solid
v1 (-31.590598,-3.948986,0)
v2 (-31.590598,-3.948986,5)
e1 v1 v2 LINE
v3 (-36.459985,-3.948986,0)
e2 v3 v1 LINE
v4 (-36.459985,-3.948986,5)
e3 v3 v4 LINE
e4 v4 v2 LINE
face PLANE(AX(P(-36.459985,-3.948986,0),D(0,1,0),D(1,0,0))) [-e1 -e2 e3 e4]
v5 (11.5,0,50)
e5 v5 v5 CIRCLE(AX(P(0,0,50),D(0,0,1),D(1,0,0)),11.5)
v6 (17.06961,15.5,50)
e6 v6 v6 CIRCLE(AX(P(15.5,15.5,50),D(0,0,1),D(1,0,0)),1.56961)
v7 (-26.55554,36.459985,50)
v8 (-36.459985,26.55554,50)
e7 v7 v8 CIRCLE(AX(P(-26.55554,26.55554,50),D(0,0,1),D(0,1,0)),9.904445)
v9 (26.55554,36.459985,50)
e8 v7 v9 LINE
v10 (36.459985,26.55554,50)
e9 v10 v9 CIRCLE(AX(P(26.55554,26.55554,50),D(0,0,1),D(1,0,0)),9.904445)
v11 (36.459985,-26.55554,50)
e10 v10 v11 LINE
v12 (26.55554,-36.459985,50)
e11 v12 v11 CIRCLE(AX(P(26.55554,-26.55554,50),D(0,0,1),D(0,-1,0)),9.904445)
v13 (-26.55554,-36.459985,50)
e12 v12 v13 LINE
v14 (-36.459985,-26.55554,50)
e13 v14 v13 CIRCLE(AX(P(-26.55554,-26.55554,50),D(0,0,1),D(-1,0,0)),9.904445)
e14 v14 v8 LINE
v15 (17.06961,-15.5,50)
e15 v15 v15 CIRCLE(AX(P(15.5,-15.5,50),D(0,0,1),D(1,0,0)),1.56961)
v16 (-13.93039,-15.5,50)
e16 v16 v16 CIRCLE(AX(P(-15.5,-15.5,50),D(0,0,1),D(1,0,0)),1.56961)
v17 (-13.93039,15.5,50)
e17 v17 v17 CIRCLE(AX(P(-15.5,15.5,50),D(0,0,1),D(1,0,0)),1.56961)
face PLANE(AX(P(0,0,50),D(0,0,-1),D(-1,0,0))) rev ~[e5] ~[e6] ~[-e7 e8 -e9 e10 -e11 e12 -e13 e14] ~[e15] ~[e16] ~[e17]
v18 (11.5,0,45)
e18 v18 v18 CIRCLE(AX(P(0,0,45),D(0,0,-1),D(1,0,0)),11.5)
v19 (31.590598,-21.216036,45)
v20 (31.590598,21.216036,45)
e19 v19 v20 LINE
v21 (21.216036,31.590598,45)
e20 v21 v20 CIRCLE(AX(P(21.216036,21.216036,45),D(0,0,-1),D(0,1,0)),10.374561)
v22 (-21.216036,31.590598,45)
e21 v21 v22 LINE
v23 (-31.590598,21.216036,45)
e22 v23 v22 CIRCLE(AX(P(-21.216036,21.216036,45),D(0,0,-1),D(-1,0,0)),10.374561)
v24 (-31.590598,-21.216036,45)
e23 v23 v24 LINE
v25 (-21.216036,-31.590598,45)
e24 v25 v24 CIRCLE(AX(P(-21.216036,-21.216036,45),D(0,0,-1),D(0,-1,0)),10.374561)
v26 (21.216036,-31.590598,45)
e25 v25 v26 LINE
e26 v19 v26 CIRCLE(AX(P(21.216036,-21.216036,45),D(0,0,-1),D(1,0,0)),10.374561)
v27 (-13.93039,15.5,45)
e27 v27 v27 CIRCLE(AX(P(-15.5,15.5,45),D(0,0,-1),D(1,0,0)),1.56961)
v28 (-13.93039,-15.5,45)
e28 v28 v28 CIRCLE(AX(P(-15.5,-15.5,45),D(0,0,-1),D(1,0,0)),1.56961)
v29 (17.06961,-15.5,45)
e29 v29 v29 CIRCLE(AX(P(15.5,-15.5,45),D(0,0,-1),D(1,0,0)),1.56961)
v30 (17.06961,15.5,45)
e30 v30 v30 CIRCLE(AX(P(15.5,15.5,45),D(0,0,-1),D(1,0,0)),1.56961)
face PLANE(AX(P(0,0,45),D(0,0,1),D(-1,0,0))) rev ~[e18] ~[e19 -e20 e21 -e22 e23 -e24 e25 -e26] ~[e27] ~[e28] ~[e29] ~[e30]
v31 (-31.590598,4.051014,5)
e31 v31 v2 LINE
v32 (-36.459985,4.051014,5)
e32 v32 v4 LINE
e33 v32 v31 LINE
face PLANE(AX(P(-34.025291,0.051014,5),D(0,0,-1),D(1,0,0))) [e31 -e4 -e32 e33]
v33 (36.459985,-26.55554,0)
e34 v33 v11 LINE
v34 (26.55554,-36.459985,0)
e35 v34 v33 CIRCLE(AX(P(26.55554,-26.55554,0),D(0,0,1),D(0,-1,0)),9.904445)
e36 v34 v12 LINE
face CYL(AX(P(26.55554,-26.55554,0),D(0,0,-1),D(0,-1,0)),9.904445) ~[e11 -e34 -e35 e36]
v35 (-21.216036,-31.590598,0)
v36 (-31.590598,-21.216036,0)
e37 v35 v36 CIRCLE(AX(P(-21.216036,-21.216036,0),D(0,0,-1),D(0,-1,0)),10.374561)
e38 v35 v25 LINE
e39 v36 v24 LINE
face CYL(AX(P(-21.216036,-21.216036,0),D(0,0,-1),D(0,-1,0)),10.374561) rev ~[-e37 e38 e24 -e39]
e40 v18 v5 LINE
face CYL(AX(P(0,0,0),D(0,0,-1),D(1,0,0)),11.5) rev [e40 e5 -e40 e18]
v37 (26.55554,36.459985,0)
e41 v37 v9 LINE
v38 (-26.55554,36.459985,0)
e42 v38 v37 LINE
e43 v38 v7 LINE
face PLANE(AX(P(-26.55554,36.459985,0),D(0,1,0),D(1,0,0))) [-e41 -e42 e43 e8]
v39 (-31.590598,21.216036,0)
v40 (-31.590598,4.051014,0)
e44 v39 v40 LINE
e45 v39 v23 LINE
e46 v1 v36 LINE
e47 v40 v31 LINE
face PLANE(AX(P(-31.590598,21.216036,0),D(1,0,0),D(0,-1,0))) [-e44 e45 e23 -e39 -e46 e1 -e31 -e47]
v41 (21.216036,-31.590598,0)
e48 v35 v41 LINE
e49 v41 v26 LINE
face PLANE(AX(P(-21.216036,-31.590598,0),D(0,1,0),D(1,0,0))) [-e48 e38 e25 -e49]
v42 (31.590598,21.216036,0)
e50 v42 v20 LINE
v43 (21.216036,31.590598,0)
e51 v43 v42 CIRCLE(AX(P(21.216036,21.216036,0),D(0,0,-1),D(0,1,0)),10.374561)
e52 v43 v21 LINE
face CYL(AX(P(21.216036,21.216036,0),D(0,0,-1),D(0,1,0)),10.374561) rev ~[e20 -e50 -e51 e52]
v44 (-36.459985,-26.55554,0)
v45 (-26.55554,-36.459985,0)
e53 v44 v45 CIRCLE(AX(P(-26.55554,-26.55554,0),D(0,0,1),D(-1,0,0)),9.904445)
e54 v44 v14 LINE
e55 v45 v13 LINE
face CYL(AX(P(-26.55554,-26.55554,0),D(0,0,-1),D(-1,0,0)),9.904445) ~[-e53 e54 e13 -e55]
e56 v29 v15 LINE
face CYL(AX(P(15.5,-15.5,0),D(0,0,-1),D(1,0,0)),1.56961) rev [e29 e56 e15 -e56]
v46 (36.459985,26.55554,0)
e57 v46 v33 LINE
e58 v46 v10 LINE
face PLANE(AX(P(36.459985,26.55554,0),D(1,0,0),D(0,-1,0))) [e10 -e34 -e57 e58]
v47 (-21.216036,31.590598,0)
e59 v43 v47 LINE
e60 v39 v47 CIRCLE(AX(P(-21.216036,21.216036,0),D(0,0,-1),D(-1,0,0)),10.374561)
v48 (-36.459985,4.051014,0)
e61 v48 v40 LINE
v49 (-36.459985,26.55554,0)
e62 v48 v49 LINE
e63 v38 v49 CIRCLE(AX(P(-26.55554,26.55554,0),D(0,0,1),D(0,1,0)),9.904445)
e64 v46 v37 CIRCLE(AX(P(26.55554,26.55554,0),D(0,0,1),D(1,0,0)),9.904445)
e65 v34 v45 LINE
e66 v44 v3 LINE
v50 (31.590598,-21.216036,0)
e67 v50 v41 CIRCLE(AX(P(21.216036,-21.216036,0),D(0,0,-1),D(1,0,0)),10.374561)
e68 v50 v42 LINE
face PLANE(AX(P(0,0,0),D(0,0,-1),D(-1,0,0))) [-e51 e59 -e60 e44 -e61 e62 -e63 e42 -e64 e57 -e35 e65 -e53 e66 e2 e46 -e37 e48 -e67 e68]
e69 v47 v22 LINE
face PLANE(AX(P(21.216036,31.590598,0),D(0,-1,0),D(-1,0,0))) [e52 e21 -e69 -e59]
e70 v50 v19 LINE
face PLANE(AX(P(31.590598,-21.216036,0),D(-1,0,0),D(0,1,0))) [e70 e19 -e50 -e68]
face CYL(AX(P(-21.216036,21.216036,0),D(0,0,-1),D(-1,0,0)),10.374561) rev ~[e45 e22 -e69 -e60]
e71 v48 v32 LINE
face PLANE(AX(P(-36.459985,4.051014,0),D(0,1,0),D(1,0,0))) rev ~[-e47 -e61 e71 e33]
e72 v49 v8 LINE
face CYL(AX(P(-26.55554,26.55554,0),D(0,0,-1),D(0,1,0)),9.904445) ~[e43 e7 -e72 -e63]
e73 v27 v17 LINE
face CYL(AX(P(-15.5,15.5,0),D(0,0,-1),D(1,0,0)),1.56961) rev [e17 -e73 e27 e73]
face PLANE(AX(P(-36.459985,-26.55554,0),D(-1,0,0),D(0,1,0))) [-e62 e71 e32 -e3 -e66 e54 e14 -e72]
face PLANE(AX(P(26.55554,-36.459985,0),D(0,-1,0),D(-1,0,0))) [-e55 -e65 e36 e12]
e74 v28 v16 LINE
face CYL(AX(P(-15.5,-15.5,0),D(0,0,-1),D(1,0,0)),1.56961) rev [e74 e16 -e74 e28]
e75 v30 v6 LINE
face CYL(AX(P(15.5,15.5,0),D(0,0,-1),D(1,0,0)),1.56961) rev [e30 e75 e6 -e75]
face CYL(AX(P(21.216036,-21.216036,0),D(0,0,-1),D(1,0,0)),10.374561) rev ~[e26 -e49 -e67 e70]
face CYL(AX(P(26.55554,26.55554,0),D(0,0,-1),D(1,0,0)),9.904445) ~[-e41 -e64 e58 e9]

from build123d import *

# Parameters (mm, degrees)
SKETCH_R        = 1.56961
SKETCH_R_2      = 11.5
PAD_DEPTH       = 50
POCKET_DEPTH    = 45
SKETCH002_W     = 4.8693872445
SKETCH002_H     = 8
POCKET001_DEPTH = 5


with BuildPart() as part:
    # Sketch → Pad (new body)
    with BuildSketch(Plane.XY):
        with BuildLine():
            Line((-26.5555397501, 36.4599848379), (26.5555397501, 36.4599848379))
            ThreePointArc((36.4599848378, 26.5555397501), (33.5590400355, 33.5590400355), (26.5555397501, 36.4599848378))
            Line((36.4599848379, 26.5555397501), (36.4599848379, -26.5555397501))
            ThreePointArc((26.5555397501, -36.4599848378), (33.5590400355, -33.5590400355), (36.4599848378, -26.5555397501))
            Line((26.5555397501, -36.4599848379), (-26.5555397501, -36.4599848379))
            ThreePointArc((-36.4599848378, -26.5555397501), (-33.5590400355, -33.5590400355), (-26.5555397501, -36.4599848378))
            Line((-36.4599848379, -26.5555397501), (-36.4599848379, 26.5555397501))
            ThreePointArc((-26.5555397501, 36.4599848378), (-33.5590400355, 33.5590400355), (-36.4599848378, 26.5555397501))
        make_face()
        with Locations((15.5, 15.5)):
            Circle(SKETCH_R, mode=Mode.SUBTRACT)
        with Locations((-15.5, 15.5)):
            Circle(SKETCH_R, mode=Mode.SUBTRACT)
        with Locations((15.5, -15.5)):
            Circle(SKETCH_R, mode=Mode.SUBTRACT)
        with Locations((-15.5, -15.5)):
            Circle(SKETCH_R, mode=Mode.SUBTRACT)
        Circle(SKETCH_R_2, mode=Mode.SUBTRACT)
    extrude(amount=PAD_DEPTH)

    # Sketch001 → Pocket (cut)
    with BuildSketch(Plane(origin=(0, 0, 0), x_dir=(1, 0, 0), z_dir=(0, 0, -1))):
        with BuildLine():
            Line((-21.2160363943, 31.5905975933), (21.2160363942, 31.5905975933))
            ThreePointArc((31.5905975933, 21.2160363942), (28.55195897, 28.55195897), (21.2160363942, 31.5905975933))
            Line((31.5905975933, 21.2160363942), (31.5905975933, -21.2160363942))
            ThreePointArc((21.2160363943, -31.5905975933), (28.55195897, -28.5519589699), (31.5905975933, -21.2160363942))
            Line((21.2160363943, -31.5905975933), (-21.2160363943, -31.5905975933))
            ThreePointArc((-31.5905975933, -21.2160363943), (-28.5519589699, -28.55195897), (-21.2160363942, -31.5905975933))
            Line((-31.5905975933, -21.2160363943), (-31.5905975933, 21.2160363943))
            ThreePointArc((-21.2160363943, 31.5905975933), (-28.55195897, 28.55195897), (-31.5905975933, 21.2160363942))
        make_face()
    extrude(amount=-POCKET_DEPTH, mode=Mode.SUBTRACT)

    # Sketch002 → Pocket001 (cut)
    with BuildSketch(Plane(origin=(0, 0, 0), x_dir=(1, 0, 0), z_dir=(0, 0, -1))):
        with Locations((-34.0252912156, -0.0510141845)):
            Rectangle(SKETCH002_W, SKETCH002_H)
    extrude(amount=-POCKET001_DEPTH, mode=Mode.SUBTRACT)


solid = part.part
